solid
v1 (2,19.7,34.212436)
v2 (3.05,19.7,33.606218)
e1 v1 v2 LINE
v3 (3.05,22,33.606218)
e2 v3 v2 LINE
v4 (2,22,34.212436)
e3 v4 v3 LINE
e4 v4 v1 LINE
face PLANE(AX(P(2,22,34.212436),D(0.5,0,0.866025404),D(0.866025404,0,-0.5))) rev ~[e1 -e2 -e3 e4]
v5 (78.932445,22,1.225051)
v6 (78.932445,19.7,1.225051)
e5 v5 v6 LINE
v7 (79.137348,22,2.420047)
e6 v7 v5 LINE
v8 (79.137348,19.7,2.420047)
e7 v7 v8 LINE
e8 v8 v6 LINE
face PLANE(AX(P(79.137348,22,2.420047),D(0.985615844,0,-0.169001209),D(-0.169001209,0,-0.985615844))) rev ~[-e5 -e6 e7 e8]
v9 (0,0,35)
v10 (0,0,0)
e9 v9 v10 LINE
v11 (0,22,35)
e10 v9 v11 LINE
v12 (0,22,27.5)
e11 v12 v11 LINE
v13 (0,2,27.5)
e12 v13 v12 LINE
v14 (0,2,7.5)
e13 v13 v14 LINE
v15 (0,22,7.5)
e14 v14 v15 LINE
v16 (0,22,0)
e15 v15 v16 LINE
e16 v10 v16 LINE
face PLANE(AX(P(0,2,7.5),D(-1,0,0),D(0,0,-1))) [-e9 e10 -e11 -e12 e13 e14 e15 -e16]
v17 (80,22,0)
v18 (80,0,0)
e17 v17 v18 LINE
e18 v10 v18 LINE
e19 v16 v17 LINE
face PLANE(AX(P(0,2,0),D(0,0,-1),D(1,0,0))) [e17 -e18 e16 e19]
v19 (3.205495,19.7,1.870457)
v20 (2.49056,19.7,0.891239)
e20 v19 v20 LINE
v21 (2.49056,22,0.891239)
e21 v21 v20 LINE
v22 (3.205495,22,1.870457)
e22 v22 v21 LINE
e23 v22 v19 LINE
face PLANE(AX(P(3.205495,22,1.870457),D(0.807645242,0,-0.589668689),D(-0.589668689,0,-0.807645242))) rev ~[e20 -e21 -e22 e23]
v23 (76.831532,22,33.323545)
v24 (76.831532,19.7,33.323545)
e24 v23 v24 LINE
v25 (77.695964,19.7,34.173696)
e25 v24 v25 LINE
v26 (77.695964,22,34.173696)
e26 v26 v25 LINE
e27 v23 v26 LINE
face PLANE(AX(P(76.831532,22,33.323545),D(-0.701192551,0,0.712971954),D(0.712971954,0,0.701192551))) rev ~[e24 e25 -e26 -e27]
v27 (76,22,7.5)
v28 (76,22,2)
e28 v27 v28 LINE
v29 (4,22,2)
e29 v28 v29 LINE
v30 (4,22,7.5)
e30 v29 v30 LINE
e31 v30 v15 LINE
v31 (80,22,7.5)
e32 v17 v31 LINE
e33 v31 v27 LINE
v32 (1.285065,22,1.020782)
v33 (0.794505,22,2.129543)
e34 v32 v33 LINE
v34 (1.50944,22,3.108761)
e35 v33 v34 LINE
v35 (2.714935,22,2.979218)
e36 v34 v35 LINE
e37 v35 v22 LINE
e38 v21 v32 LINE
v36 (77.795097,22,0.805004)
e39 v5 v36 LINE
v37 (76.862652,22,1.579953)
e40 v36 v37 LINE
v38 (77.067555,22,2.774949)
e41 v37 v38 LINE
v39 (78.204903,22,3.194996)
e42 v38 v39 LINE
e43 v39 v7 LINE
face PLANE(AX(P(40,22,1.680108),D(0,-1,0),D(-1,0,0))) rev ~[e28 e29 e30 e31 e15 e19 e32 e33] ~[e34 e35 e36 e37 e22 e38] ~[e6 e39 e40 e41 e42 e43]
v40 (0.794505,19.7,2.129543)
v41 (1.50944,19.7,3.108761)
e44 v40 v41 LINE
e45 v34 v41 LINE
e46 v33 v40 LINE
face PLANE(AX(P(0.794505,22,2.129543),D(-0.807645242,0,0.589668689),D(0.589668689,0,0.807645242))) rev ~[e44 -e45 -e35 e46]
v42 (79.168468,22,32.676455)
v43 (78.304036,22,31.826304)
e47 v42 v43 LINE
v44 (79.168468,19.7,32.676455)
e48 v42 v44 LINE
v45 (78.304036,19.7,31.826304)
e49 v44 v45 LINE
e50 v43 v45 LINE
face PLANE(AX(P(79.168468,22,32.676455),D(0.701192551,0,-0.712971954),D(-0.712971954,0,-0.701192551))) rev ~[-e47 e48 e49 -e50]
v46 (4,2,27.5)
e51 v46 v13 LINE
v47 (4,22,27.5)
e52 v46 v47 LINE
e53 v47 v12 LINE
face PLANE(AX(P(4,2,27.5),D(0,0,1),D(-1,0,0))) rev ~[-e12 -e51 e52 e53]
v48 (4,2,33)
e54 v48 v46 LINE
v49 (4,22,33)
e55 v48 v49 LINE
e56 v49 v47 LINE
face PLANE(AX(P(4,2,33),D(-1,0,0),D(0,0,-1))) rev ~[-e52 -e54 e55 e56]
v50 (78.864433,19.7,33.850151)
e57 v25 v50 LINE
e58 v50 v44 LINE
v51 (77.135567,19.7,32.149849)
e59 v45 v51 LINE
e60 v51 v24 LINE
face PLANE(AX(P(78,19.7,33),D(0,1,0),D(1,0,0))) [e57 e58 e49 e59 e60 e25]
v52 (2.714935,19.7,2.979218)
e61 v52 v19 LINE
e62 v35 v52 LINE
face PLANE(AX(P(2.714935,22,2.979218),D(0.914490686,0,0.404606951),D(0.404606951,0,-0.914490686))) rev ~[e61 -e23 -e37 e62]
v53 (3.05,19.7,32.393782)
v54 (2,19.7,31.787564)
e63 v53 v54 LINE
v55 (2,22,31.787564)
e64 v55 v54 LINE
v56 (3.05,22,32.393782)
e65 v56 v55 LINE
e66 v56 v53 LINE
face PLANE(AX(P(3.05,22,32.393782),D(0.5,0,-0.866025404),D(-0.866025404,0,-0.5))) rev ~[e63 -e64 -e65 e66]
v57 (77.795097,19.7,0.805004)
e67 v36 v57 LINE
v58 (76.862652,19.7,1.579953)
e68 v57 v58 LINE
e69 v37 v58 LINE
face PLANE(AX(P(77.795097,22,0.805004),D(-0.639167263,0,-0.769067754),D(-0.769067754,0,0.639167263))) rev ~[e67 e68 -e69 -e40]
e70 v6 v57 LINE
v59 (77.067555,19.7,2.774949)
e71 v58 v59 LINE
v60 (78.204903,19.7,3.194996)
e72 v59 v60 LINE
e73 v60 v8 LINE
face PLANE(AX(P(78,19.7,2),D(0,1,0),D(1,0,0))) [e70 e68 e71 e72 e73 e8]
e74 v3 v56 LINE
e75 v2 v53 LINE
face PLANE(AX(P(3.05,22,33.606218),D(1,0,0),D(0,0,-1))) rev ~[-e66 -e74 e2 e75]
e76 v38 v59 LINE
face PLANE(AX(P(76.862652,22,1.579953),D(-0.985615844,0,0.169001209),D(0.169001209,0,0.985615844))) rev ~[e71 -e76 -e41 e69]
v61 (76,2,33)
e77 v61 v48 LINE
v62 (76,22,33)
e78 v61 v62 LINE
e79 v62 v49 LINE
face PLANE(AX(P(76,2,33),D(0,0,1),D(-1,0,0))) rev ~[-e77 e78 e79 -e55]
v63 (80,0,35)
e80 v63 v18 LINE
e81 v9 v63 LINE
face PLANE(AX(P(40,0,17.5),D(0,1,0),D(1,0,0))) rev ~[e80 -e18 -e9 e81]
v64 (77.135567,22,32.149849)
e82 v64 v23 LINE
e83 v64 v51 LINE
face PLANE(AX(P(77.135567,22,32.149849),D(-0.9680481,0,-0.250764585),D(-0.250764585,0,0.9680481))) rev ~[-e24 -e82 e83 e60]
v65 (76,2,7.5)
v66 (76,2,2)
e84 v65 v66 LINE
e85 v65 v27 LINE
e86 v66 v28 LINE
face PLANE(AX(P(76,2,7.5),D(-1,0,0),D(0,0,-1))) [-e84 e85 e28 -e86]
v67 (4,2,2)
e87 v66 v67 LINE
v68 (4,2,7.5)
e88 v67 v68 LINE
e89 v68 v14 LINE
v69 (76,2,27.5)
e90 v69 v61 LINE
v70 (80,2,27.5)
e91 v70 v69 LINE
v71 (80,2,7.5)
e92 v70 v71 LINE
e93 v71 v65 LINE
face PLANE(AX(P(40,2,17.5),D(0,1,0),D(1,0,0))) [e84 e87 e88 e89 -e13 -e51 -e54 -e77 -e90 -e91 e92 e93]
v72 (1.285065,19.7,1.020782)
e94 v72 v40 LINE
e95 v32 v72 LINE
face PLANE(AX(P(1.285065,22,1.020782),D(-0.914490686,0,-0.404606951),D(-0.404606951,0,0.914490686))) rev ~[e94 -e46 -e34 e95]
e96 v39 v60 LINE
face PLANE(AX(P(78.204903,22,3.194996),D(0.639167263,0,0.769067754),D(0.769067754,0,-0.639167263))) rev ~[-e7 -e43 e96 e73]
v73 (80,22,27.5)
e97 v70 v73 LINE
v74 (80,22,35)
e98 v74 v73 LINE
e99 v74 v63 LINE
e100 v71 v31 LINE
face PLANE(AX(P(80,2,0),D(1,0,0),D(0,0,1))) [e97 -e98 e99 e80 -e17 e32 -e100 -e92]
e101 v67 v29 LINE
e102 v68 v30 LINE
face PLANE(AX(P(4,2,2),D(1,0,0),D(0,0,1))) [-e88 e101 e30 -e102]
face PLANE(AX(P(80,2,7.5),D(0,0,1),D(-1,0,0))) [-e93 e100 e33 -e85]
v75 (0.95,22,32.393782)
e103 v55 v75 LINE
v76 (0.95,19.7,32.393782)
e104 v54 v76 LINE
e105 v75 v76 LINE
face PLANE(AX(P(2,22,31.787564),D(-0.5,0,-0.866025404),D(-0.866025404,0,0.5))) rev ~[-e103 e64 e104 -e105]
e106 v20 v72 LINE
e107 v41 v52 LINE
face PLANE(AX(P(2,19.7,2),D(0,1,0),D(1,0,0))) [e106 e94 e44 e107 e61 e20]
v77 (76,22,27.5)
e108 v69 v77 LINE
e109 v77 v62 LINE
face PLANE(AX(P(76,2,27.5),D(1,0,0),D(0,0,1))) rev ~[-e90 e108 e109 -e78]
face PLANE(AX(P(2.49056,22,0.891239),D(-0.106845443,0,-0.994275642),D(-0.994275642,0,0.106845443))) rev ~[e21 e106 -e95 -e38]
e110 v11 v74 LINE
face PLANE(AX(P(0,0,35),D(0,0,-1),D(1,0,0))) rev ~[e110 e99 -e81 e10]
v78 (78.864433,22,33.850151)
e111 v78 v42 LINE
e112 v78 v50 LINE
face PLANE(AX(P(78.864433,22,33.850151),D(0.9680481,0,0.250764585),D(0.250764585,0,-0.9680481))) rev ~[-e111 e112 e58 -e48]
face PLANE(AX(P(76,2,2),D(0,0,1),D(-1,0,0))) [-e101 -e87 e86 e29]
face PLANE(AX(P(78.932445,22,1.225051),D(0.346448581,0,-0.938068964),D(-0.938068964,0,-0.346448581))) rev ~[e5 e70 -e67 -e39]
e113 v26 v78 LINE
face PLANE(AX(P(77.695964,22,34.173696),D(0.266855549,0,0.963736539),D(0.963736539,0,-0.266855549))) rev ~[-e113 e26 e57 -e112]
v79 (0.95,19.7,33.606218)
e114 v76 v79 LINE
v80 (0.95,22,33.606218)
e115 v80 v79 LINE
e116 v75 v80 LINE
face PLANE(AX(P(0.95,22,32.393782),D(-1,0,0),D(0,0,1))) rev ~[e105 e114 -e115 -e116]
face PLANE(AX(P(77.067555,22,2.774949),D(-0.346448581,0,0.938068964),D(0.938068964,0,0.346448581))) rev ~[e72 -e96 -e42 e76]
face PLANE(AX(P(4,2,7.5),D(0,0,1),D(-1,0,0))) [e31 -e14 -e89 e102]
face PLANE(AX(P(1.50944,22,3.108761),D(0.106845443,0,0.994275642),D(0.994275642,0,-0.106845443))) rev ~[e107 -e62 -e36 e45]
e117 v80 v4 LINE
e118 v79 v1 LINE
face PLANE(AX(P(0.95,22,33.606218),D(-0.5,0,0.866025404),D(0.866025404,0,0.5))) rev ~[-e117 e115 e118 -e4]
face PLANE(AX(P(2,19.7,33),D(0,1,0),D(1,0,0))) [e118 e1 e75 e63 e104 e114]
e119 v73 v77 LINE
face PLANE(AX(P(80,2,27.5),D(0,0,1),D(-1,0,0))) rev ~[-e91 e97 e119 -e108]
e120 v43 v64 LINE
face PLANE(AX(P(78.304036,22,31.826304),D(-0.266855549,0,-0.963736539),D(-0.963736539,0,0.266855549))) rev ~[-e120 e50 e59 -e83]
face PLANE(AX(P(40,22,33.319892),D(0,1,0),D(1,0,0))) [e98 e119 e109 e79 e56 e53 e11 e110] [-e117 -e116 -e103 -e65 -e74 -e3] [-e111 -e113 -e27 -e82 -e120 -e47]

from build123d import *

# Parameters (mm, degrees)
SKETCH1_W           = 80
SKETCH1_H           = 35
BOSS_EXTRUDE1_DEPTH = 2
BOSS_EXTRUDE2_DEPTH = 20
CUT_EXTRUDE1_DEPTH  = 2.3


with BuildPart() as part:
    # Sketch1 → Boss-Extrude1 (new body)
    with BuildSketch(Plane(origin=(0, 0, 0), x_dir=(1, 0, 0), z_dir=(0, 1, 0))):
        with Locations((40, -17.5)):
            Rectangle(SKETCH1_W, SKETCH1_H)
    extrude(amount=BOSS_EXTRUDE1_DEPTH)

    # Sketch2 → Boss-Extrude2 (add)
    with BuildSketch(Plane(origin=(0, 2, 0), x_dir=(1, 0, 0), z_dir=(0, 1, 0))):
        Polygon((0, 0), (80, 0), (80, -7.5), (76, -7.5), (76, -2), (4, -2), (4, -7.5), (0, -7.5), align=None)
        Polygon((0, -35), (80, -35), (80, -27.5), (76, -27.5), (76, -33), (4, -33), (4, -27.5), (0, -27.5), align=None)
    extrude(amount=BOSS_EXTRUDE2_DEPTH)

    # Sketch3 → Cut-Extrude1 (cut)
    with BuildSketch(Plane(origin=(0, 22, 0), x_dir=(1, 0, 0), z_dir=(0, 1, 0))):
        Polygon((2.490559859, -0.891238969), (1.285064709, -1.020782184), (0.794504851, -2.129543216), (1.509440141, -3.108761031), (2.714935291, -2.979217816), (3.205495149, -1.870456784), align=None)
        Polygon((2, -31.787564435), (0.95, -32.393782217), (0.95, -33.606217783), (2, -34.212435565), (3.05, -33.606217783), (3.05, -32.393782217), align=None)
        Polygon((78.304035901, -31.826304055), (77.135567446, -32.149849214), (76.831531545, -33.323545158), (77.695964099, -34.173695945), (78.864432554, -33.850150786), (79.168468455, -32.676454842), align=None)
        Polygon((78.932445098, -1.225050879), (77.795096923, -0.805004297), (76.862651826, -1.579953418), (77.067554902, -2.774949121), (78.204903077, -3.194995703), (79.137348174, -2.420046582), align=None)
    extrude(amount=-CUT_EXTRUDE1_DEPTH, mode=Mode.SUBTRACT)


solid = part.part
